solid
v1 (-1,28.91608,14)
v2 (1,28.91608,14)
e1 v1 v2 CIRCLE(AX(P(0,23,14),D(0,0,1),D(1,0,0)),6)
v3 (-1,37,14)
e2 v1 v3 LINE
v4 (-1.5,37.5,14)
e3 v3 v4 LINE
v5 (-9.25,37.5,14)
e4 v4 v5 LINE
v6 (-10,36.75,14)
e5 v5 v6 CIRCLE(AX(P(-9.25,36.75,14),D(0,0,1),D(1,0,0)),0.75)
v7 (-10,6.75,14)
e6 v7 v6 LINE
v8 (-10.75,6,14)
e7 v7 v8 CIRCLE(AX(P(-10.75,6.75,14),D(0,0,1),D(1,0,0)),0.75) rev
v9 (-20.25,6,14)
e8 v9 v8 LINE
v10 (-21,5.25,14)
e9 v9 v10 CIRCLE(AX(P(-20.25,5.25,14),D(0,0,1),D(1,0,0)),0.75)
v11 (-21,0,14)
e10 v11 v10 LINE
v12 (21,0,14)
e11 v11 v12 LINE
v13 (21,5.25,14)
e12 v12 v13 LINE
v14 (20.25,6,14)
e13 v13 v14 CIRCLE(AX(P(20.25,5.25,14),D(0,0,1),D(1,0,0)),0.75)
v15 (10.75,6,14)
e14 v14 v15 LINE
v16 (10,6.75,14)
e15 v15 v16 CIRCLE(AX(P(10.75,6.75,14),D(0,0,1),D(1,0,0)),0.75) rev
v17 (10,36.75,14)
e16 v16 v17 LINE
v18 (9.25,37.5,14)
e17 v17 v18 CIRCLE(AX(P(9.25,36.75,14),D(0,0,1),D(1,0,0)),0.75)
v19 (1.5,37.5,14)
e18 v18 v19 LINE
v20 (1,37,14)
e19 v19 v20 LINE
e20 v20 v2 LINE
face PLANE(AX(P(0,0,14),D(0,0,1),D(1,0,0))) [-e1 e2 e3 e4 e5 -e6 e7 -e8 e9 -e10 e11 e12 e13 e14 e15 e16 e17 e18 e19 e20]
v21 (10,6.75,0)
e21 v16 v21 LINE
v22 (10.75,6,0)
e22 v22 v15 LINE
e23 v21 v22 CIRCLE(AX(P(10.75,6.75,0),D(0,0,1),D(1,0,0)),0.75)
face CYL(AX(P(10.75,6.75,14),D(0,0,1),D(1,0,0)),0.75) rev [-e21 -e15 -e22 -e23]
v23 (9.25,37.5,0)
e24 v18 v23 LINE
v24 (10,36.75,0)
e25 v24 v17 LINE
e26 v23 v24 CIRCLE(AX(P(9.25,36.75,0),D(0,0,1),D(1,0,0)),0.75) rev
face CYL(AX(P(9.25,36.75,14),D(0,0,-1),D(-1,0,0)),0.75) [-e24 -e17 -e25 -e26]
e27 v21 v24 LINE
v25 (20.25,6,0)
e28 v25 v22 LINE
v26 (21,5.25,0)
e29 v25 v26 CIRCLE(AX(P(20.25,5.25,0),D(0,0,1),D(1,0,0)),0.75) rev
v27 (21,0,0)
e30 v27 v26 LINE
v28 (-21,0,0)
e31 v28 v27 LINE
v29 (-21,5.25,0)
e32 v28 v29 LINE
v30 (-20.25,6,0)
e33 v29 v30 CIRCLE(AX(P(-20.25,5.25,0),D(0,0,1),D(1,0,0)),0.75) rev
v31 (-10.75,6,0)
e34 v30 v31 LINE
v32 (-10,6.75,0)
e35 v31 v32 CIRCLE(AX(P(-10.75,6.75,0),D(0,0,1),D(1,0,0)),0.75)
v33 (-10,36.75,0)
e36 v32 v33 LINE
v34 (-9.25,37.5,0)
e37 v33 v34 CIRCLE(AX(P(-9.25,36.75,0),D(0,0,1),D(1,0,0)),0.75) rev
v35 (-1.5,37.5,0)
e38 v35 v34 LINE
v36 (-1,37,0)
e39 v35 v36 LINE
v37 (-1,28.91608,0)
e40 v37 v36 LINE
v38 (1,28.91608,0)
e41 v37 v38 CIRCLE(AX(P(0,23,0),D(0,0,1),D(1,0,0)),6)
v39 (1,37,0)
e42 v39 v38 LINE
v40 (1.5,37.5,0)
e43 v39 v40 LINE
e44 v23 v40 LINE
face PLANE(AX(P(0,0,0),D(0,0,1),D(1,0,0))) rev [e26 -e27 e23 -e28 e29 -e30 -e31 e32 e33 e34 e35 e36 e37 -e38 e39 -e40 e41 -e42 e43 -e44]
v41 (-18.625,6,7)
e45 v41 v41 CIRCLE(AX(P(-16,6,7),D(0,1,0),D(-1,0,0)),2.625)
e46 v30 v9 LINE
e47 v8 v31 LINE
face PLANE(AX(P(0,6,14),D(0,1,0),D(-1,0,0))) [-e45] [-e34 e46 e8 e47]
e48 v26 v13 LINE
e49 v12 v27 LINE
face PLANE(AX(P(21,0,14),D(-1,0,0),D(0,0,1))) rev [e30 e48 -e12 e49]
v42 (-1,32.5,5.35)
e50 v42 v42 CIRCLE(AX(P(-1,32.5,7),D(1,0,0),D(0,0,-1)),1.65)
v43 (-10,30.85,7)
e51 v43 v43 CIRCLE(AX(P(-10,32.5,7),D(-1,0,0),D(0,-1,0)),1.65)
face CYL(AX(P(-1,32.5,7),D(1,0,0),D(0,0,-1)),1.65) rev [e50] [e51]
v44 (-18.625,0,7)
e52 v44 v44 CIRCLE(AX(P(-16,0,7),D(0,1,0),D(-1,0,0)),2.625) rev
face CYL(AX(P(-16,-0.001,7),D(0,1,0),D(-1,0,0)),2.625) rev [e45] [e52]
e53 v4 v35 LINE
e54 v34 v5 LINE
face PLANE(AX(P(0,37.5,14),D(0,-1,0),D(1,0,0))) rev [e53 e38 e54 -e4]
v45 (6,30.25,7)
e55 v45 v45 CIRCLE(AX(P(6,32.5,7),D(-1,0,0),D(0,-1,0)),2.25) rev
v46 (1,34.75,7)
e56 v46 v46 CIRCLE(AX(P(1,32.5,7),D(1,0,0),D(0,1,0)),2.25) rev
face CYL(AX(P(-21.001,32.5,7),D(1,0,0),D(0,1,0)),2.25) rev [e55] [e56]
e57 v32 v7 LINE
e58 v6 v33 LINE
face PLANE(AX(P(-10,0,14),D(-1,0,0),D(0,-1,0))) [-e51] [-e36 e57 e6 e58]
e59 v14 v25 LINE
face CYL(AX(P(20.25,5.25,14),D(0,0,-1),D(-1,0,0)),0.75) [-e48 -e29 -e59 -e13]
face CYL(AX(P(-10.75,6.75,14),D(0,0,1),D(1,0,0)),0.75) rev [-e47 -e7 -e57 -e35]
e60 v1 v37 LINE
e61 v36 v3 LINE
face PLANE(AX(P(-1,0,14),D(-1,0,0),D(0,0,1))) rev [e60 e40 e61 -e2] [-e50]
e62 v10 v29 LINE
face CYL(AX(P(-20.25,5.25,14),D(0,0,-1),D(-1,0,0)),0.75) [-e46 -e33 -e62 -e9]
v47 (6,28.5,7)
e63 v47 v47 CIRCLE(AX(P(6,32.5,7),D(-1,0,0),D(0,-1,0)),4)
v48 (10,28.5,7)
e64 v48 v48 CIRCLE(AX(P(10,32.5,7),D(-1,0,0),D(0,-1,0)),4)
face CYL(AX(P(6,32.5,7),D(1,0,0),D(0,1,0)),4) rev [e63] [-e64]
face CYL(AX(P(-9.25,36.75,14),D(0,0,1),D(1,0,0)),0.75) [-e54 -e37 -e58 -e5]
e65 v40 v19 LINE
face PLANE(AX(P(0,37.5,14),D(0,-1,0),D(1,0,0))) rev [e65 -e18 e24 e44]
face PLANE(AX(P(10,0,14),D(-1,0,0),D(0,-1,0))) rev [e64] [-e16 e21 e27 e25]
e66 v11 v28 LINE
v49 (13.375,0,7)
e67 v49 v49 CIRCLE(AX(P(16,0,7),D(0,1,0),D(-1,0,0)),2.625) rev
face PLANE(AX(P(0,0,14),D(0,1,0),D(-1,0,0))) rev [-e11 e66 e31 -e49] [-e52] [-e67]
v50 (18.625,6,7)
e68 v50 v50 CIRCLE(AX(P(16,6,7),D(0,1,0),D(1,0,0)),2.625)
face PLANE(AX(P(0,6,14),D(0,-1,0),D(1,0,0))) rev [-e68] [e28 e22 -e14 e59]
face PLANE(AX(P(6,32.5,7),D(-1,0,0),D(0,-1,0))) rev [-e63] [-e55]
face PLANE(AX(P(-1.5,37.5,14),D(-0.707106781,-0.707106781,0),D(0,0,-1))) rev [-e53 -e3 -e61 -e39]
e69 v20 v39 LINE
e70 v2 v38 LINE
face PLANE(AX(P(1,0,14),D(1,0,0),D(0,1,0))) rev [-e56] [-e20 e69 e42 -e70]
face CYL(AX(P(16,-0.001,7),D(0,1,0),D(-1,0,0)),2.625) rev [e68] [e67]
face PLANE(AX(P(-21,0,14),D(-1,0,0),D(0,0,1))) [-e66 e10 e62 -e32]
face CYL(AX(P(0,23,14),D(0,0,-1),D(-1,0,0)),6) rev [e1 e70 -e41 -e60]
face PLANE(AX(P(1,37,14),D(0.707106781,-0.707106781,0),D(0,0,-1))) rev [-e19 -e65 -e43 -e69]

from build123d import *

# Parameters (mm, degrees)
SALIENTE_EXTRUIR1_DEPTH = 14
CROQUIS16_W             = 1.65
CROQUIS16_H             = 20
CORTAR_EXTRUIR3_REACH   = 8
CROQUIS4_R              = 2.625
REDONDEO0_75MM_R        = 0.75
CHAFL_N0_5MM_SIZE       = 0.5
CORTAR_EXTRUIR5_REACH   = 33
CROQUIS24_R             = 2.25
CROQUIS23_R             = 4
CORTAR_EXTRUIR4_DEPTH   = 4


with BuildPart() as part:
    # Croquis1 → Saliente-Extruir1 (new body)
    with BuildSketch(Plane.XY):
        with BuildLine():
            Line((-21, 6), (-21, 0))
            Line((-21, 0), (21, 0))
            Line((21, 0), (21, 6))
            Line((21, 6), (10, 6))
            Line((10, 6), (10, 37.5))
            Line((10, 37.5), (1, 37.5))
            Line((1, 37.5), (1, 28.916079783))
            ThreePointArc((1, 28.916079783), (0, 17), (-1, 28.916079783))
            Line((-1, 28.916079783), (-1, 37.5))
            Line((-1, 37.5), (-10, 37.5))
            Line((-10, 37.5), (-10, 6))
            Line((-10, 6), (-21, 6))
        make_face()
    extrude(amount=SALIENTE_EXTRUIR1_DEPTH)

    # Croquis16 → Taladro roscado M43 (revolve, cut)
    with BuildSketch(Plane(origin=(-1, 32.5, 7), x_dir=(0, 0, -1), z_dir=(0, 1, 0))):
        with Locations((0.825, 10)):
            Rectangle(CROQUIS16_W, CROQUIS16_H)
    revolve(axis=Axis((5.35, 32.5, 7), (-1, 0, 0)), mode=Mode.SUBTRACT)

    # Croquis4 → Cortar-Extruir3 (cut, up to next)
    with BuildSketch(Plane(origin=(0, 6, 0), x_dir=(1, 0, 0), z_dir=(0, 1, 0)), mode=Mode.PRIVATE) as cortar_extruir3_sk1:
        with Locations((-16, -7)):
            Circle(CROQUIS4_R)
    cortar_extruir3_tool1 = extrude(cortar_extruir3_sk1.sketch, amount=-CORTAR_EXTRUIR3_REACH, mode=Mode.PRIVATE) & part.part
    add(cortar_extruir3_tool1.solids().sort_by_distance((-16, 6, 7))[0], mode=Mode.SUBTRACT)
    # Croquis4 → Cortar-Extruir3 (cut, up to next)
    with BuildSketch(Plane(origin=(0, 6, 0), x_dir=(1, 0, 0), z_dir=(0, 1, 0)), mode=Mode.PRIVATE) as cortar_extruir3_sk2:
        with Locations((16, -7)):
            Circle(CROQUIS4_R)
    cortar_extruir3_tool2 = extrude(cortar_extruir3_sk2.sketch, amount=-CORTAR_EXTRUIR3_REACH, mode=Mode.PRIVATE) & part.part
    add(cortar_extruir3_tool2.solids().sort_by_distance((16, 6, 7))[0], mode=Mode.SUBTRACT)

    # Redondeo0,75mm
    redondeo0_75mm_edges = [part.edges().sort_by_distance(p)[0] for p in [
        (10, 37.5, 7),
        (10, 6, 7),
        (21, 6, 7),
        (-21, 6, 7),
        (-10, 6, 7),
        (-10, 37.5, 7),
    ]]
    fillet(redondeo0_75mm_edges, radius=REDONDEO0_75MM_R)

    # Chaflán0,5mm
    chafl_n0_5mm_edges = [part.edges().sort_by_distance(p)[0] for p in [
        (1, 37.5, 7),
        (-1, 37.5, 7),
    ]]
    chamfer(chafl_n0_5mm_edges, length=CHAFL_N0_5MM_SIZE)

    # Croquis24 → Cortar-Extruir5 (cut, up to next)
    with BuildSketch(Plane(origin=(10, 0, 0), x_dir=(0, 0, -1), z_dir=(1, 0, 0)), mode=Mode.PRIVATE) as cortar_extruir5_sk1:
        with Locations((-7, 32.5)):
            Circle(CROQUIS24_R)
    cortar_extruir5_tool1 = extrude(cortar_extruir5_sk1.sketch, amount=-CORTAR_EXTRUIR5_REACH, mode=Mode.PRIVATE) & part.part
    add(cortar_extruir5_tool1.solids().sort_by_distance((10, 32.5, 7))[0], mode=Mode.SUBTRACT)

    # Croquis23 → Cortar-Extruir4 (cut)
    with BuildSketch(Plane.ZY.offset(-10)):
        with Locations((7, 32.5)):
            Circle(CROQUIS23_R)
    extrude(amount=CORTAR_EXTRUIR4_DEPTH, mode=Mode.SUBTRACT)


solid = part.part
